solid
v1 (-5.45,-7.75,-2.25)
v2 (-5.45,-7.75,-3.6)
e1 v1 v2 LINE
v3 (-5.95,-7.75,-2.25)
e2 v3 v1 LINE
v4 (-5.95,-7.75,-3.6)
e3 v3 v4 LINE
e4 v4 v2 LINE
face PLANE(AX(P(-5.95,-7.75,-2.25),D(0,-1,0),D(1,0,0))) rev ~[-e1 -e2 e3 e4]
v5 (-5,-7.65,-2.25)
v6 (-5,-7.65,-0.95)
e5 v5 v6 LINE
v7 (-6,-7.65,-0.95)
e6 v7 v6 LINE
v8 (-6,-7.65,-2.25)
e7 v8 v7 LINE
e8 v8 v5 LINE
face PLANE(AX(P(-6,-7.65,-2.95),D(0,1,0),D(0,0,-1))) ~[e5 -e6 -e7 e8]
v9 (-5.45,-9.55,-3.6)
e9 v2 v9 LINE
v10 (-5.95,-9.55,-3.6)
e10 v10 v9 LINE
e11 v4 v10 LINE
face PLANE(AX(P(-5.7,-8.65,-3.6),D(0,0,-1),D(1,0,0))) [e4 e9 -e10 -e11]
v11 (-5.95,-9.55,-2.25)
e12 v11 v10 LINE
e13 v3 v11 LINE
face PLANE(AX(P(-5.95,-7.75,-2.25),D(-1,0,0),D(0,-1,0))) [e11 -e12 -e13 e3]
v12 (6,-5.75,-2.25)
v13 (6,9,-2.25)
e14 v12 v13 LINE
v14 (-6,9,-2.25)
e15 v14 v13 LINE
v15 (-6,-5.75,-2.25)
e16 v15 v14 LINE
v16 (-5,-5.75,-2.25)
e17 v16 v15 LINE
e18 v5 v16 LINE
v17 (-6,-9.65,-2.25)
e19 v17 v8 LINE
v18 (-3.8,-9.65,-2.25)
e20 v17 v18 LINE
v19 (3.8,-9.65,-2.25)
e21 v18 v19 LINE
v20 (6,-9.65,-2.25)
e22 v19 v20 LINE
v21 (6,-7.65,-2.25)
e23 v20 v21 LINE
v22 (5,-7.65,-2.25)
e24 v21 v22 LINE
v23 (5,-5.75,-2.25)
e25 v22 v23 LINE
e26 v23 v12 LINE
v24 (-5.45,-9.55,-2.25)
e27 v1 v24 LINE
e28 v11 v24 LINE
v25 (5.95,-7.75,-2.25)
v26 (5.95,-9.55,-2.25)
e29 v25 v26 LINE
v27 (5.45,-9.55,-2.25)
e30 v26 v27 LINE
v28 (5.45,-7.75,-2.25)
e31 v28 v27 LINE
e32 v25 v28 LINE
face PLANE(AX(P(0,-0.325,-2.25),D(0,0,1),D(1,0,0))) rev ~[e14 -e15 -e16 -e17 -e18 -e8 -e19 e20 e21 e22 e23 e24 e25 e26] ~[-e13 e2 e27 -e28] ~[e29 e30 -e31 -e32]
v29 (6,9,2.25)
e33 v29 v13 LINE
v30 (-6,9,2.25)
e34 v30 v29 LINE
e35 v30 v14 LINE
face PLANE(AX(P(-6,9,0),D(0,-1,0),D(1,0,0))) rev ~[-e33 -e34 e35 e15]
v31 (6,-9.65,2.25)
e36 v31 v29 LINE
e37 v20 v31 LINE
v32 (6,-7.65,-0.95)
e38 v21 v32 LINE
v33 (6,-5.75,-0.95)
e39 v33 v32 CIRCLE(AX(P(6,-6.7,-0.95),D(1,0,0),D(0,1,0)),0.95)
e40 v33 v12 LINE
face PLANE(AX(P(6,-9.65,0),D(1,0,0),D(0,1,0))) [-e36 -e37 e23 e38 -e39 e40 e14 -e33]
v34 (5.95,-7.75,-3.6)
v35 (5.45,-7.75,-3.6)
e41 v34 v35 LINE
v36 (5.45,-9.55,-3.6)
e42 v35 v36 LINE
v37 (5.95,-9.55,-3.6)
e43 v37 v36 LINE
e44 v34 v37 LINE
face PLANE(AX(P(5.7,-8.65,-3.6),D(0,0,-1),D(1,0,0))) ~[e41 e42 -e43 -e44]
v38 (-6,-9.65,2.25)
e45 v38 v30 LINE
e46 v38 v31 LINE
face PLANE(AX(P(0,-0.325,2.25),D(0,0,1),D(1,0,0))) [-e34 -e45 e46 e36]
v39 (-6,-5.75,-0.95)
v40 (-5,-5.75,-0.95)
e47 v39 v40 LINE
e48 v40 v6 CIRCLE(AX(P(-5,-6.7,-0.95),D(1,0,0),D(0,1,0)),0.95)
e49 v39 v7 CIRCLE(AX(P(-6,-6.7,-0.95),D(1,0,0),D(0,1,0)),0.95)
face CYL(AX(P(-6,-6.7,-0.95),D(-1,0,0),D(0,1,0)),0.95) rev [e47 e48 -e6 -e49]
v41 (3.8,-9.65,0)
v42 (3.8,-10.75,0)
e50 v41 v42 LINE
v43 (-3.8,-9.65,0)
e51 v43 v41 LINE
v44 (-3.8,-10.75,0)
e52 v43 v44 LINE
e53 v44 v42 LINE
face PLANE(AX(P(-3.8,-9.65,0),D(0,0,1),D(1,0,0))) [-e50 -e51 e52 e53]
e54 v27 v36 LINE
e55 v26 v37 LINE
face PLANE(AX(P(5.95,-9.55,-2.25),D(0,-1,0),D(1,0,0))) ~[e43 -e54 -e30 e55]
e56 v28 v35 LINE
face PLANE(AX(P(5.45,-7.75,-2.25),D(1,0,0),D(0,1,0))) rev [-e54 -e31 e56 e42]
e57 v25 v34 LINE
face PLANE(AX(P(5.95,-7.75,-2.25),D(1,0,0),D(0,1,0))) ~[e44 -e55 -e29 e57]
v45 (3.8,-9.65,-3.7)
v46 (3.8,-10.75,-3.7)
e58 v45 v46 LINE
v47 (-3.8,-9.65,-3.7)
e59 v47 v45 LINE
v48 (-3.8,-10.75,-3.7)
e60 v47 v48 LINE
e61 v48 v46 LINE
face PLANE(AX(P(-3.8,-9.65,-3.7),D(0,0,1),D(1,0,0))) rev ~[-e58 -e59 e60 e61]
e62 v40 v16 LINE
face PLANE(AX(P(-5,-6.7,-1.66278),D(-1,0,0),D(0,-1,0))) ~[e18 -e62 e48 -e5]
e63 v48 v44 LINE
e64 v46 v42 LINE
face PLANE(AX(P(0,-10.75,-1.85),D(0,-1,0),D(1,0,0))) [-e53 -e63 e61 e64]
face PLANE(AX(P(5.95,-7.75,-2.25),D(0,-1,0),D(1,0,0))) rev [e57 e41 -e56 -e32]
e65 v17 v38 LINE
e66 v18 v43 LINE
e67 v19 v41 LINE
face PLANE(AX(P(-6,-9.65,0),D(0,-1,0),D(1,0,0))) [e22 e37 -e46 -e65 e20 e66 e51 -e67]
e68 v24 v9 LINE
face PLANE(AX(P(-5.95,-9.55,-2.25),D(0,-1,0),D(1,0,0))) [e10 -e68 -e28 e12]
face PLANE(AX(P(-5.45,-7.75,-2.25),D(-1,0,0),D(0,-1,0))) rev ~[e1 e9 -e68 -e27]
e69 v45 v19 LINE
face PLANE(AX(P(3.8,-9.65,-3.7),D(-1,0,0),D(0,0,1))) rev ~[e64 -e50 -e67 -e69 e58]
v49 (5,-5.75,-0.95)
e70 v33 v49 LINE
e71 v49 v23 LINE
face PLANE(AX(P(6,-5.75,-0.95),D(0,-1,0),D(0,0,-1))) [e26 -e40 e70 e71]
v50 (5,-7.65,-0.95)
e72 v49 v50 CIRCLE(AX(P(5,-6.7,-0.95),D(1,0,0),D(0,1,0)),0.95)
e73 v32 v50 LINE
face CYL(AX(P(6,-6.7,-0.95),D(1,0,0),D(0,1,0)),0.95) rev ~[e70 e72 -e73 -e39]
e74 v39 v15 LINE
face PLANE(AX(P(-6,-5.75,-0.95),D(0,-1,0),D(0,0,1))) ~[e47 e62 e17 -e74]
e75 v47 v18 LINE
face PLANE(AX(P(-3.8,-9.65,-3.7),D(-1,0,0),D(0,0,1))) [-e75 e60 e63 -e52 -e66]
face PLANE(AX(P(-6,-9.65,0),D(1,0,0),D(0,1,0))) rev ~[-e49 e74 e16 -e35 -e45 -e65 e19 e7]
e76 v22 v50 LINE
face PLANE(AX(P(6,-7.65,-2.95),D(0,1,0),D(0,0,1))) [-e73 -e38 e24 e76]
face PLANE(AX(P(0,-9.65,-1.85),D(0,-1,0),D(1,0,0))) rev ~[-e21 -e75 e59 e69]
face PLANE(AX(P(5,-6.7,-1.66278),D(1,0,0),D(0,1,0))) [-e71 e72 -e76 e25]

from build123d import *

# Parameters (mm, degrees)
SKETCH006_W     = 12
SKETCH006_H     = 18.65
PAD002_DEPTH    = 2.25
SKETCH007_W     = 7.6
SKETCH007_H     = 3.7
PAD003_DEPTH    = 1.1
SKETCH008_W     = 0.5
SKETCH008_H     = 1.8
PAD004_DEPTH    = 1.35
POCKET003_DEPTH = 1


with BuildPart() as part:
    # Sketch006 → Pad002 (new body, symmetric)
    with BuildSketch(Plane.XY):
        with Locations((0, -0.325)):
            Rectangle(SKETCH006_W, SKETCH006_H)
    extrude(amount=PAD002_DEPTH, both=True)

    # Sketch007 (on Face3 of Pad002) → Pad003 (join)
    with BuildSketch(Plane.XZ.offset(9.65)):
        with Locations((0, -1.85)):
            Rectangle(SKETCH007_W, SKETCH007_H)
    extrude(amount=PAD003_DEPTH)

    # Sketch008 (on Face4 of Pad003) → Pad004 (join)
    with BuildSketch(Plane(origin=(0, 0, -2.25), x_dir=(1, 0, 0), z_dir=(0, 0, -1))):
        with Locations((-5.7, 8.65)):
            Rectangle(SKETCH008_W, SKETCH008_H)
    pad004 = extrude(amount=PAD004_DEPTH)

    # Mirrored: Pad004 across Sketch008 V_Axis
    add(pad004.mirror(Plane(origin=(0, 0, -2.25), x_dir=(0, 0, -1), z_dir=(1, 0, 0))))

    # Sketch009 (on Face3 of Mirrored) → Pocket003 (cut)
    with BuildSketch(Plane.YZ.offset(6)):
        with BuildLine():
            ThreePointArc((-5.75, -0.95), (-6.7, 0), (-7.65, -0.95))
            Line((-7.65, -2.95), (-7.65, -0.95))
            Line((-5.75, -2.95), (-7.65, -2.95))
            Line((-5.75, -0.95), (-5.75, -2.95))
        make_face()
    pocket003 = extrude(amount=-POCKET003_DEPTH, mode=Mode.SUBTRACT)

    # Mirrored001: Pocket003 across YZ
    add(pocket003.mirror(Plane.YZ), mode=Mode.SUBTRACT)


solid = part.part
